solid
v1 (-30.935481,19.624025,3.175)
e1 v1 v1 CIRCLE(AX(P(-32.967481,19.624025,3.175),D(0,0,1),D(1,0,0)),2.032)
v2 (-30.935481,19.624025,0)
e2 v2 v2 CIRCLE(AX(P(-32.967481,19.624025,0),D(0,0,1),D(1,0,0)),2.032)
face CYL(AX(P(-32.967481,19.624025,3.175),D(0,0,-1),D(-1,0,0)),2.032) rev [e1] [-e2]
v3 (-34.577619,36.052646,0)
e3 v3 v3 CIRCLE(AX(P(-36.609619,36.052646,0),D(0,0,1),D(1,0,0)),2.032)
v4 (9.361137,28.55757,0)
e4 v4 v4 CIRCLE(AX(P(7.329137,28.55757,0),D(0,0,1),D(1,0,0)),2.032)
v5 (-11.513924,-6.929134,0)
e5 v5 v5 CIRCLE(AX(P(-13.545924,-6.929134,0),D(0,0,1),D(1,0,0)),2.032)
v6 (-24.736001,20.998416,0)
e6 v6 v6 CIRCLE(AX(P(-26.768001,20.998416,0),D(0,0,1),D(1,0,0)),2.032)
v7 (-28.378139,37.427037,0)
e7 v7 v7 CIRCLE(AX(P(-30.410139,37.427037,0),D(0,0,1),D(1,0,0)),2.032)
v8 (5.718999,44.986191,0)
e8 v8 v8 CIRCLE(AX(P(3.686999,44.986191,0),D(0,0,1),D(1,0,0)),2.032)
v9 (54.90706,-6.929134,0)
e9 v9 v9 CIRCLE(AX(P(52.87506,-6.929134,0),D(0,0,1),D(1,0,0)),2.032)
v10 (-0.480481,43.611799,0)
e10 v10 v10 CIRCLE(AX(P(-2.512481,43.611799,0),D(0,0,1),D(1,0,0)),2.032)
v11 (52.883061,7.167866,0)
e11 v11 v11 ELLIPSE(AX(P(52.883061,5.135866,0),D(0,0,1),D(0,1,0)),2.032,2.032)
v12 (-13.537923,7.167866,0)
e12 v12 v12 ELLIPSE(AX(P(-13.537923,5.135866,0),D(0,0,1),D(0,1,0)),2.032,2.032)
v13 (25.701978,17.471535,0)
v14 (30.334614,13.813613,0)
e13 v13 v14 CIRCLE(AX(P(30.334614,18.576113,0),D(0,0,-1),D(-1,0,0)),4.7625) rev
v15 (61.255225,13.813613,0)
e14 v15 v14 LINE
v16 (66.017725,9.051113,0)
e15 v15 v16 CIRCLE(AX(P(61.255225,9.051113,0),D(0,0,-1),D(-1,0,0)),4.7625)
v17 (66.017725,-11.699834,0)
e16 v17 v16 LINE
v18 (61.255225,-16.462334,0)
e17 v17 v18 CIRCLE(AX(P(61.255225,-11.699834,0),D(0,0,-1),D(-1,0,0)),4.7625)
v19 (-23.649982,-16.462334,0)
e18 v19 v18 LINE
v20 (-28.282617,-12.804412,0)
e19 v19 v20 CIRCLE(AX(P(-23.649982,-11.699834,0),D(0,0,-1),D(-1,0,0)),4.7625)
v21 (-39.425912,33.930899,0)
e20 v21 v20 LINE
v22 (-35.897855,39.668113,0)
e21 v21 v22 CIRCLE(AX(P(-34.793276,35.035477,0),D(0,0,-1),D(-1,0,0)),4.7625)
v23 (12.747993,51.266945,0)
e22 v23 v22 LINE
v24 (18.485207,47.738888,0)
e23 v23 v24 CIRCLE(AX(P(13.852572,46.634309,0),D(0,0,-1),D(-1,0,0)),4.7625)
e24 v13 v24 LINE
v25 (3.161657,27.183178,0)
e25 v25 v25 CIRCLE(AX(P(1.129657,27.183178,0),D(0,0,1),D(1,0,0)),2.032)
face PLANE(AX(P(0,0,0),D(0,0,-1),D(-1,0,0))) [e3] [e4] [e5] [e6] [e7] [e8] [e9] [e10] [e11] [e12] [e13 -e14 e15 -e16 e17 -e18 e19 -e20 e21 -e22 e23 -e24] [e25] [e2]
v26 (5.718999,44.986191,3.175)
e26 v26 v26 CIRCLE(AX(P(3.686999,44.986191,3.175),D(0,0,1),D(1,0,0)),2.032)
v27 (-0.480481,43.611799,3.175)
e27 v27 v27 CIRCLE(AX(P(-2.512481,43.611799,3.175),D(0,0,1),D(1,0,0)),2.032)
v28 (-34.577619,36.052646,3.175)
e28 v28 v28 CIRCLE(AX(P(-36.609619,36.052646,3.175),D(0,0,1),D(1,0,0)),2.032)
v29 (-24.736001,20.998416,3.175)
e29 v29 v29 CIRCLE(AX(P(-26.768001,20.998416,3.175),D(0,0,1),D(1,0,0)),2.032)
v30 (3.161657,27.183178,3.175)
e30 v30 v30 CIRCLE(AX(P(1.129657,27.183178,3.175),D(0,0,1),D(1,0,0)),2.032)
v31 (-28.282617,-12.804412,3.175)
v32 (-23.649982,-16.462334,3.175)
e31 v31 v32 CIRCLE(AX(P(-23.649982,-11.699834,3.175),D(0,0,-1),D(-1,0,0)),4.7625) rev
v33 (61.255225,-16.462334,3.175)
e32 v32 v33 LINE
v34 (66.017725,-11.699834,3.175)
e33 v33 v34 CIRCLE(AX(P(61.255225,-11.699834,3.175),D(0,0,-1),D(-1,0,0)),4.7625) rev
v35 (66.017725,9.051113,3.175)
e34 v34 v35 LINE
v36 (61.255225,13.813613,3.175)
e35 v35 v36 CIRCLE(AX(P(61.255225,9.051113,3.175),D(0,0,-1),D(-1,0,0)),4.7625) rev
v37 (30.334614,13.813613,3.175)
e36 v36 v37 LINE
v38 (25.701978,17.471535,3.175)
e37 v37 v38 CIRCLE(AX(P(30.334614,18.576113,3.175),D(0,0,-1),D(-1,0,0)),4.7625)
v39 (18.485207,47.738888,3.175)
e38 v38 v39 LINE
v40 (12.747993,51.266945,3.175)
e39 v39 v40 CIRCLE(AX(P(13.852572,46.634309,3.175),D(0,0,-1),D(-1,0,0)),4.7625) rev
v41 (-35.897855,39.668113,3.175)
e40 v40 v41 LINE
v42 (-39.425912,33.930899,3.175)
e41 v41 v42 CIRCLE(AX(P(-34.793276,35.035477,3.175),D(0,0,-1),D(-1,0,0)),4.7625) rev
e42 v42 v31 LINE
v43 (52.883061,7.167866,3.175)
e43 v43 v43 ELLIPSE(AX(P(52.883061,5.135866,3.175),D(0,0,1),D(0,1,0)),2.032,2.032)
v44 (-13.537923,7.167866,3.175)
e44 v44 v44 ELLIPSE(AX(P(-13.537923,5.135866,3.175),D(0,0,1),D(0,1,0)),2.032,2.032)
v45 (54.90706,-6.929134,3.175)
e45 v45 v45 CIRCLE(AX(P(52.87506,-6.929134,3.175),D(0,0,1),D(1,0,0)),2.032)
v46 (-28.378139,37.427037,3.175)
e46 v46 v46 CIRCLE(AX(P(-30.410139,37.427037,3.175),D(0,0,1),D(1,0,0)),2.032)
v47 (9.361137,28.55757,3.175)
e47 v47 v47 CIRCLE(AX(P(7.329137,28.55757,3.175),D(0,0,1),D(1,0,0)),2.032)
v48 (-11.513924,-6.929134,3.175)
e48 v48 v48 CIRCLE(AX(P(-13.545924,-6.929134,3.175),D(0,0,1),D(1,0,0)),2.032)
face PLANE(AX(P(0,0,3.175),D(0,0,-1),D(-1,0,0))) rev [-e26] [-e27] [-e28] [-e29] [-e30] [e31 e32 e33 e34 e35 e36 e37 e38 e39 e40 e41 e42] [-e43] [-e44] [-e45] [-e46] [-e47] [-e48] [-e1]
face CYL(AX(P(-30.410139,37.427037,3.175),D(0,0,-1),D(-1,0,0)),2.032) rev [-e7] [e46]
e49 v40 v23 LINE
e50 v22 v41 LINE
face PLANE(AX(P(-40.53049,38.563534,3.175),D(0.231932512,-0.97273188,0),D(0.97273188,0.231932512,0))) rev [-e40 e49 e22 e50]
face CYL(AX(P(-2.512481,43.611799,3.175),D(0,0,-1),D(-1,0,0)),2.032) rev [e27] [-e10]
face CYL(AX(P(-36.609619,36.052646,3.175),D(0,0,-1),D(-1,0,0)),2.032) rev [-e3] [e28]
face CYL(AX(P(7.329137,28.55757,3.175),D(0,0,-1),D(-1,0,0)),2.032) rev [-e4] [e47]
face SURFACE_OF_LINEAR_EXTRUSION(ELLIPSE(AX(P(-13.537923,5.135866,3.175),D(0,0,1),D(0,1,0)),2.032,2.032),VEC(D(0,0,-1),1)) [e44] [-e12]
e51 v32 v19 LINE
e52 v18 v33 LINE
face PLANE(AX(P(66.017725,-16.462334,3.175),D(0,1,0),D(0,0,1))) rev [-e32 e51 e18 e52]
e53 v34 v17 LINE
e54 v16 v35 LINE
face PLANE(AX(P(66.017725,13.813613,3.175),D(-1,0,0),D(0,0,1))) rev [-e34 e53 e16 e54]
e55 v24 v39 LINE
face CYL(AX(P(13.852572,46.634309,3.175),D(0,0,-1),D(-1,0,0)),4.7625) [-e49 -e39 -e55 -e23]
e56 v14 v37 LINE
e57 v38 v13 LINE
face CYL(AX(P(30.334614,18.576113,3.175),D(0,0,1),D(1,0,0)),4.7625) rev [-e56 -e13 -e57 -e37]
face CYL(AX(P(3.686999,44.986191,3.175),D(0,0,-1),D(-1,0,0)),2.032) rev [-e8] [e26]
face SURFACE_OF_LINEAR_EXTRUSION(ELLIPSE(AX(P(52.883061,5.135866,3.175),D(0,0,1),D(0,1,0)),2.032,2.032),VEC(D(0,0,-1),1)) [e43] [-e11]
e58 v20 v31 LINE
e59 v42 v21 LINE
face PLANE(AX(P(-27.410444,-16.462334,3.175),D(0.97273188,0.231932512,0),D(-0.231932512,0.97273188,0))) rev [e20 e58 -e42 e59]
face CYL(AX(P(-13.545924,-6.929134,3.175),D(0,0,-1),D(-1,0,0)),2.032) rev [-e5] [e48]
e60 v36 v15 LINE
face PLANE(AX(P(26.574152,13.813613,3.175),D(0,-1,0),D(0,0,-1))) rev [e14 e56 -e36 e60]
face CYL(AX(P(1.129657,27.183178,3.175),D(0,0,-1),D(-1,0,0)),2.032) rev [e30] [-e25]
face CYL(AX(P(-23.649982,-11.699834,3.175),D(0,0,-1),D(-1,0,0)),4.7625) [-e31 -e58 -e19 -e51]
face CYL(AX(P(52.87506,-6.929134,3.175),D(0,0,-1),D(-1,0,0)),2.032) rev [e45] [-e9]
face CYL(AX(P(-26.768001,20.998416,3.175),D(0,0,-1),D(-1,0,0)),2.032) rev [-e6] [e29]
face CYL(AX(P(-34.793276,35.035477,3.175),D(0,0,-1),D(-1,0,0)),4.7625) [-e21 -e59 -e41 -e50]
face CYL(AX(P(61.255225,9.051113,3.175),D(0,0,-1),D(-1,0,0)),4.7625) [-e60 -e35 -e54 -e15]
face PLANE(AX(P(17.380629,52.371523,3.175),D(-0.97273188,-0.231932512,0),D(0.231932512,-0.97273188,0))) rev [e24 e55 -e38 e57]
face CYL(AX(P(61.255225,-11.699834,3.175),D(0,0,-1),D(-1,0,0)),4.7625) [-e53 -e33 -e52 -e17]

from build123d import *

# Parameters (mm, degrees)
SKETCH1_R           = 2.032
SKETCH1_RX          = 2.032
SKETCH1_RY          = 2.031999502
BOSS_EXTRUDE1_DEPTH = 3.175
FILLET1_R           = 4.7625


with BuildPart() as part:
    # Sketch1 → Boss-Extrude1 (new body)
    with BuildSketch(Plane.XY):
        Polygon((-40.530490432, 38.563534157), (17.380628715, 52.371523419), (26.574151776, 13.813613269), (66.017725223, 13.813613269), (66.017725223, -16.462333503), (-27.410443695, -16.462333503), align=None)
        with Locations((-36.609618565, 36.052645813)):
            Circle(SKETCH1_R, mode=Mode.SUBTRACT)
        with Locations((-30.41013892, 37.427037361)):
            Circle(SKETCH1_R, mode=Mode.SUBTRACT)
        with Locations((-32.967480962, 19.624024753)):
            Circle(SKETCH1_R, mode=Mode.SUBTRACT)
        with Locations((52.87506012, -6.929134334)):
            Circle(SKETCH1_R, mode=Mode.SUBTRACT)
        with Locations((-13.545923607, -6.929134334)):
            Circle(SKETCH1_R, mode=Mode.SUBTRACT)
        with Locations(Location((52.883061118, 5.135865666), (0, 0, 90))):
            Ellipse(SKETCH1_RX, SKETCH1_RY, mode=Mode.SUBTRACT)
        with Locations(Location((-13.537922609, 5.135865666), (0, 0, 90))):
            Ellipse(SKETCH1_RX, SKETCH1_RY, mode=Mode.SUBTRACT)
        with BuildLine():
            ThreePointArc((9.01240199, 27.419307073), (9.31297022, 28.997375114), (8.37364252, 30.300564844))
            ThreePointArc((8.37364252, 30.300564844), (5.345303247, 28.117764523), (9.01240199, 27.419307073))
        make_face(mode=Mode.SUBTRACT)
        with BuildLine():
            ThreePointArc((5.370264386, 43.847928133), (5.670832616, 45.425996173), (4.731504917, 46.729185904))
            ThreePointArc((4.731504917, 46.729185904), (1.703165643, 44.546385582), (5.370264386, 43.847928133))
        make_face(mode=Mode.SUBTRACT)
        with BuildLine():
            ThreePointArc((-3.556986303, 41.868804303), (-0.528647029, 44.051604625), (-4.195745772, 44.750062074))
            ThreePointArc((-4.195745772, 44.750062074), (-4.496314002, 43.171994034), (-3.556986303, 41.868804303))
        make_face(mode=Mode.SUBTRACT)
        with BuildLine():
            ThreePointArc((0.085151301, 25.440183244), (3.113490574, 27.622983565), (-0.553608169, 28.321441014))
            ThreePointArc((-0.553608169, 28.321441014), (-0.854176399, 26.743372974), (0.085151301, 25.440183244))
        make_face(mode=Mode.SUBTRACT)
        with BuildLine():
            ThreePointArc((-25.08473606, 19.860153557), (-24.78416783, 21.438221597), (-25.723495529, 22.741411327))
            ThreePointArc((-25.723495529, 22.741411327), (-28.751834803, 20.558611006), (-25.08473606, 19.860153557))
        make_face(mode=Mode.SUBTRACT)
    extrude(amount=BOSS_EXTRUDE1_DEPTH)

    # Fillet1
    fillet1_edges = [part.edges().sort_by_distance(p)[0] for p in [
        (-40.530490432, 38.563534157, 1.5875),
        (17.380628715, 52.371523419, 1.5875),
        (26.574151776, 13.813613269, 1.5875),
        (66.017725223, 13.813613269, 1.5875),
        (66.017725223, -16.462333503, 1.5875),
        (-27.410443695, -16.462333503, 1.5875),
    ]]
    fillet(fillet1_edges, radius=FILLET1_R)


solid = part.part
